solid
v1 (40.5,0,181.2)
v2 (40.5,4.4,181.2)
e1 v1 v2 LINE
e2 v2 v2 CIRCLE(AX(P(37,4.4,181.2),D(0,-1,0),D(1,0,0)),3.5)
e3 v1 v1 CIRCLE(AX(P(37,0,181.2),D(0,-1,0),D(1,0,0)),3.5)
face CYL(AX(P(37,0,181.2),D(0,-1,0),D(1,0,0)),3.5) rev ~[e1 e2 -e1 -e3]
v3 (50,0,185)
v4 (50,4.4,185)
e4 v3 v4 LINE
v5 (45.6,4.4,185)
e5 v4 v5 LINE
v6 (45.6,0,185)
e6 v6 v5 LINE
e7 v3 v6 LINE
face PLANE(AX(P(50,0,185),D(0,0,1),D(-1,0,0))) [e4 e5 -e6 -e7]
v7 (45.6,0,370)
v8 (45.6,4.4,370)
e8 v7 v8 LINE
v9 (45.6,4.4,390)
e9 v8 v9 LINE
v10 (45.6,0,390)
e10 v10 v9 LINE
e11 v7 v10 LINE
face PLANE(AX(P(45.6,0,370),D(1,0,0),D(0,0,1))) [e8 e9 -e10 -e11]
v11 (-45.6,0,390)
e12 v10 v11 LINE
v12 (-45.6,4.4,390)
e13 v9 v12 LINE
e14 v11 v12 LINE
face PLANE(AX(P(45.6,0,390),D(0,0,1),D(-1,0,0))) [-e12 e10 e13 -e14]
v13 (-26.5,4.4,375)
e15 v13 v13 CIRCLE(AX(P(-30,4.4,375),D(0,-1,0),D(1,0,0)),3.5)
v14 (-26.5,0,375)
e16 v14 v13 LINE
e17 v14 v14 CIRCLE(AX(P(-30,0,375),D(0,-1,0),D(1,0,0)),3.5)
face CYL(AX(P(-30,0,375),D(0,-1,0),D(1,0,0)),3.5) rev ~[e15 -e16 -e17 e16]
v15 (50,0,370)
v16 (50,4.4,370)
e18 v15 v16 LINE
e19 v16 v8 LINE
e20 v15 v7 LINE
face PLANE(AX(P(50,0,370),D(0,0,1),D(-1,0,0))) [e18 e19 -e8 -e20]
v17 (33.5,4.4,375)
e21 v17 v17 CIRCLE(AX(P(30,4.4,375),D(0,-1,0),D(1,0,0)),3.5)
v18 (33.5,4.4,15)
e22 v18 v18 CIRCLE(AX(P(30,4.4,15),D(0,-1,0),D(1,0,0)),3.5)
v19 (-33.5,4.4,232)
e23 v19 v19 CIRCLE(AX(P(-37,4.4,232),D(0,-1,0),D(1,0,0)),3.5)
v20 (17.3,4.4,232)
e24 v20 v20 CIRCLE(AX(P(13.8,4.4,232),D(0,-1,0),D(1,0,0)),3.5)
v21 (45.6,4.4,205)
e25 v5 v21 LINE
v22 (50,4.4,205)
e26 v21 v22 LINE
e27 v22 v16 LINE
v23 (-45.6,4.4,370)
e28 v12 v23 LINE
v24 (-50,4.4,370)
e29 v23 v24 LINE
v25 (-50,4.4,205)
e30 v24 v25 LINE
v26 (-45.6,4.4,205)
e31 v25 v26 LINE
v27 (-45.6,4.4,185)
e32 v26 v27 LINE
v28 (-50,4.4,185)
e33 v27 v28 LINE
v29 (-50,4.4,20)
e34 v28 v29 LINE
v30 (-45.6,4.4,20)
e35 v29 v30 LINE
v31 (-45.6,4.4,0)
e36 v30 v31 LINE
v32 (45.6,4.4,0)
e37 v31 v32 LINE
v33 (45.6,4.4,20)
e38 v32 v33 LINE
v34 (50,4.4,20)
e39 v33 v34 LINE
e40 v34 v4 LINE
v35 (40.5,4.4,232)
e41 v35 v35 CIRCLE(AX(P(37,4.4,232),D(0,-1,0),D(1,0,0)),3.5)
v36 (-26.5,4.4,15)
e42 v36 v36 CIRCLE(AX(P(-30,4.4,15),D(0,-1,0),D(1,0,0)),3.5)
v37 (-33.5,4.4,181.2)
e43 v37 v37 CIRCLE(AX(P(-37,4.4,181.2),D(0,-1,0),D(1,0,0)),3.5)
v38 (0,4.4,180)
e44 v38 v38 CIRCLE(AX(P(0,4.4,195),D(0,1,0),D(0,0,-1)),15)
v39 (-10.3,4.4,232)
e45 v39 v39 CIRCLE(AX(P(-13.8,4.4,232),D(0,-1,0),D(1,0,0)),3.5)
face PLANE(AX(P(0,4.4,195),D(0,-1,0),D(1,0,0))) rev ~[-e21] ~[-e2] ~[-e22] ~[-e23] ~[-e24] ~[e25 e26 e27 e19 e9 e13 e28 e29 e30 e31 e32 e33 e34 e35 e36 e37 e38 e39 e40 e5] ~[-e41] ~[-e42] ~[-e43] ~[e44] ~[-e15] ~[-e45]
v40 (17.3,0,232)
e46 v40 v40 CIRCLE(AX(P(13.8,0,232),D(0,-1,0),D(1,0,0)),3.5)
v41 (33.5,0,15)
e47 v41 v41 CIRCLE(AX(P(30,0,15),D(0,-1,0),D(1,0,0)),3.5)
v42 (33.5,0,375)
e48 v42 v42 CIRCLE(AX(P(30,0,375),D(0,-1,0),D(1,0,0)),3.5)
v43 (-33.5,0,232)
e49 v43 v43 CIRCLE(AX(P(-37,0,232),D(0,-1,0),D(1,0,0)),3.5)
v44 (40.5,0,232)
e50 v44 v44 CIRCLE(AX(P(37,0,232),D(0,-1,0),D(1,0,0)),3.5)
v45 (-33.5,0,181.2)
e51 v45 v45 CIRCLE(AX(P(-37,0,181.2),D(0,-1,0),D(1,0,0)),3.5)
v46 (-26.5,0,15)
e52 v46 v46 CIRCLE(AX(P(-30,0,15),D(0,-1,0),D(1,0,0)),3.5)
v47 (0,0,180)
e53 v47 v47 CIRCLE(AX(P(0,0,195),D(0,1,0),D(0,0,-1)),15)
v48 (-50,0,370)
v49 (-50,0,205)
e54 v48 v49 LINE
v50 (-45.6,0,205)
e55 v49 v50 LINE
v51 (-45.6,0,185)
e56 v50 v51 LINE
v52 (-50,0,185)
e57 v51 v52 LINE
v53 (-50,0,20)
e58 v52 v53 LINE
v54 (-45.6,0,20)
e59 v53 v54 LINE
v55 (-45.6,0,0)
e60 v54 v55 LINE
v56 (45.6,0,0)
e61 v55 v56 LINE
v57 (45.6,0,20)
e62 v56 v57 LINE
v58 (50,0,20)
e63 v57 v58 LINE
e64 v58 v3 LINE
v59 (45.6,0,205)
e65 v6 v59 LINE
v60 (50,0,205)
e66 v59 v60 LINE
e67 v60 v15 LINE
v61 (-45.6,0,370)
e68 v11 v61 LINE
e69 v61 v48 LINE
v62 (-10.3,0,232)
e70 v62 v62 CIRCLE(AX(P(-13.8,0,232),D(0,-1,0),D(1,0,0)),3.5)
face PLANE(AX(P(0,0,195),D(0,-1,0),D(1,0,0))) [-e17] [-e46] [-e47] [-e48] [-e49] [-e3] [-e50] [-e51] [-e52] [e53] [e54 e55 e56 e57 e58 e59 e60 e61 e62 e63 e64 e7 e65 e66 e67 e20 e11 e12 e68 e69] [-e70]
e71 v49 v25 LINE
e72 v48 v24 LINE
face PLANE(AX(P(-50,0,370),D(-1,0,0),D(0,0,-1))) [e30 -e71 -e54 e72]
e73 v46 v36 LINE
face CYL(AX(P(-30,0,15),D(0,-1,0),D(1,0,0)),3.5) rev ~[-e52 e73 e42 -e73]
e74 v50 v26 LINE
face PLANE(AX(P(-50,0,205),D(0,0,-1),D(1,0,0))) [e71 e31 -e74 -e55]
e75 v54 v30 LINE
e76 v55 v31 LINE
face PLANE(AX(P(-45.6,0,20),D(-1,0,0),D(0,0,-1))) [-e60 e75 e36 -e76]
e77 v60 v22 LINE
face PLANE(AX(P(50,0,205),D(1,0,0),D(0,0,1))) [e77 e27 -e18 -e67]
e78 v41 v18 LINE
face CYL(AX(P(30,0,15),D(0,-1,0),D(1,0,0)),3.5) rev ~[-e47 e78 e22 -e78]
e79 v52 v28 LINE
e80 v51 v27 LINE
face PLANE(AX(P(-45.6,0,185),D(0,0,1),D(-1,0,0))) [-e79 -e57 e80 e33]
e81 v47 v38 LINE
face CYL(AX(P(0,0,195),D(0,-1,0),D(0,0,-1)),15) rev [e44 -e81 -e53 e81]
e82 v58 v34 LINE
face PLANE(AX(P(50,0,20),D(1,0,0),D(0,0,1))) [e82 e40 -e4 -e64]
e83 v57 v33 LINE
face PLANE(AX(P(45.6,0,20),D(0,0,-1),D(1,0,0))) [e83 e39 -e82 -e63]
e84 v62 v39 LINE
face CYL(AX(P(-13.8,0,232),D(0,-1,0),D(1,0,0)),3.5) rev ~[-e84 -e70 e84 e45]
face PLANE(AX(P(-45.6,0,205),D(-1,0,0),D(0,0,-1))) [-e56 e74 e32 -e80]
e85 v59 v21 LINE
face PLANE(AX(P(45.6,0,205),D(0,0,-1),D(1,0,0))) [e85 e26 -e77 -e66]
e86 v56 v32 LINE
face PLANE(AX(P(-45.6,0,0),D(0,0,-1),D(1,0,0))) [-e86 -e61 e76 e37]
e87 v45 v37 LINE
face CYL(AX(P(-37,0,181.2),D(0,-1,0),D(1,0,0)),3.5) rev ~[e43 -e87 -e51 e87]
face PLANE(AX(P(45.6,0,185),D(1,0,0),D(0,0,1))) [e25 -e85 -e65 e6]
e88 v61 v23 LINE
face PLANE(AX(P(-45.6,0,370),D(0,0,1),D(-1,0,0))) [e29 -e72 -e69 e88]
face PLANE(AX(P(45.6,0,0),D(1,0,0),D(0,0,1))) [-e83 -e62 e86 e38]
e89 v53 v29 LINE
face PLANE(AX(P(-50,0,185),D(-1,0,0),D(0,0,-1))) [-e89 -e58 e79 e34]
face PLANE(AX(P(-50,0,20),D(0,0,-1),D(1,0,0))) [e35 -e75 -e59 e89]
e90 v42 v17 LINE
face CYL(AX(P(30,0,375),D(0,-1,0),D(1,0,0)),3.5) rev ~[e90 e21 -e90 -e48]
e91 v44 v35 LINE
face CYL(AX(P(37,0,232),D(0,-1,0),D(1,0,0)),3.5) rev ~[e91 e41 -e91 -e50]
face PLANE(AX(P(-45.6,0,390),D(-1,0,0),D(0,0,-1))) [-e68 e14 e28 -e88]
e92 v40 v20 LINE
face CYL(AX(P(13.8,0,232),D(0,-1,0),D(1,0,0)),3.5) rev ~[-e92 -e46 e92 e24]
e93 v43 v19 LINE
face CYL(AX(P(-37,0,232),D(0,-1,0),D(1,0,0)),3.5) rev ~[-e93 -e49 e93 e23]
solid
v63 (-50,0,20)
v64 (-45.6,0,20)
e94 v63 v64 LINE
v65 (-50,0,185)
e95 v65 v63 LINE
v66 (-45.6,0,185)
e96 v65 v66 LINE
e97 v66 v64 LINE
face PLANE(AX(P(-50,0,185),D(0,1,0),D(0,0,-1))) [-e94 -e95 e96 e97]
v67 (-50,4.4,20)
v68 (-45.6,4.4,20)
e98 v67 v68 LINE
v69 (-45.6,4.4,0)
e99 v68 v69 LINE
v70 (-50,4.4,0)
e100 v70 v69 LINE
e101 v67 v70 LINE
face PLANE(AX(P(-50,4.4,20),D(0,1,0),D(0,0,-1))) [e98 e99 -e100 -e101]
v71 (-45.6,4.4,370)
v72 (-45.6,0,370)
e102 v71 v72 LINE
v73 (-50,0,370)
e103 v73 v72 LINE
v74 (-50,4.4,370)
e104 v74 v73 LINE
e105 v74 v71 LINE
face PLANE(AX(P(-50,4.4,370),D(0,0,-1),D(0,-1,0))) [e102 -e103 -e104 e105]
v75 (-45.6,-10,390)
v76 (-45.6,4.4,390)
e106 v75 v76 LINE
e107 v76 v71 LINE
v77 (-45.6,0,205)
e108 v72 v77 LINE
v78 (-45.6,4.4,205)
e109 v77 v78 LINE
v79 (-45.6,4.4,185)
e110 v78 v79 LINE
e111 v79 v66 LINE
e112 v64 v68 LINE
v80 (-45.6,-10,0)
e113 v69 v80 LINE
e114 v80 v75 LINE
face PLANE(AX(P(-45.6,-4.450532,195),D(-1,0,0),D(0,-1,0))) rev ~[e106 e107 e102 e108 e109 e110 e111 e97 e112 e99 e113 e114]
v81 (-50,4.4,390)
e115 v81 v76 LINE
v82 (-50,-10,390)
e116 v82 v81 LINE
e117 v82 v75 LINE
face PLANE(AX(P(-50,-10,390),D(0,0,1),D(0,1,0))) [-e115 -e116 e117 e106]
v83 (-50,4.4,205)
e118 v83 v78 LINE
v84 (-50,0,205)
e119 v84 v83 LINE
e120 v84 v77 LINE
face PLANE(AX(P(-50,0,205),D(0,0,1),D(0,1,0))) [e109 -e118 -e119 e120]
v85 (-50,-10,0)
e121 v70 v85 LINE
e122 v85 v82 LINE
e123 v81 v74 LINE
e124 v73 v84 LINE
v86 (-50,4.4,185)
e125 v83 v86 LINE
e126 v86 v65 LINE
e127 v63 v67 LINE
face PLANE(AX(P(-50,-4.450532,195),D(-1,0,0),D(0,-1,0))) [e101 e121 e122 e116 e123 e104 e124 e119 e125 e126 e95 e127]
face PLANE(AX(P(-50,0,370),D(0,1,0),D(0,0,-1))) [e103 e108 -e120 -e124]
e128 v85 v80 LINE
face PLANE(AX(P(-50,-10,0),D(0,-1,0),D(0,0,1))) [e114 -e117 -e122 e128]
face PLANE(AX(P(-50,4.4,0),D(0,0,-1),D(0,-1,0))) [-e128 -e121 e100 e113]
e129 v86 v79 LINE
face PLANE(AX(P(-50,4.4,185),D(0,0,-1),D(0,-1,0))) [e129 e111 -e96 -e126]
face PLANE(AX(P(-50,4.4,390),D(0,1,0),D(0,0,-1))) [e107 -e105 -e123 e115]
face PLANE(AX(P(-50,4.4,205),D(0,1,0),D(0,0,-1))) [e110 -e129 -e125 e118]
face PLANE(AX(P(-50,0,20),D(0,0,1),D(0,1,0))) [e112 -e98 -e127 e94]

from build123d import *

# Parameters (mm, degrees)
F1_R     = 3.5
F2_DEPTH = 4.4
F4_DEPTH = 4.4


with BuildPart() as f2:
    # F1 (on Front) → F2 (new body)
    with BuildSketch(Plane.XZ):
        Polygon((-45.6, 0), (0, 0), (45.6, 0), (45.6, 20), (50, 20), (50, 185), (45.6, 185), (45.6, 205), (50, 205), (50, 370), (45.6, 370), (45.6, 390), (0, 390), (-45.6, 390), (-45.6, 370), (-50, 370), (-50, 205), (-45.6, 205), (-45.6, 185), (-50, 185), (-50, 20), (-45.6, 20), align=None)
        with Locations((-30, 15)):
            Circle(F1_R, mode=Mode.SUBTRACT)
        with Locations((-37, 181.2)):
            Circle(F1_R, mode=Mode.SUBTRACT)
        with Locations((30, 15)):
            Circle(F1_R, mode=Mode.SUBTRACT)
        with Locations((37, 181.2)):
            Circle(F1_R, mode=Mode.SUBTRACT)
        with Locations((-37, 232)):
            Circle(F1_R, mode=Mode.SUBTRACT)
        with Locations((-13.8, 232)):
            Circle(F1_R, mode=Mode.SUBTRACT)
        with Locations((-30, 375)):
            Circle(F1_R, mode=Mode.SUBTRACT)
        with BuildLine():
            ThreePointArc((15, 195), (10.6066017178, 184.3933982822), (0, 180))
            ThreePointArc((0, 180), (-10.6066017178, 205.6066017178), (15, 195))
        make_face(mode=Mode.SUBTRACT)
        with Locations((13.8, 232)):
            Circle(F1_R, mode=Mode.SUBTRACT)
        with Locations((37, 232)):
            Circle(F1_R, mode=Mode.SUBTRACT)
        with Locations((30, 375)):
            Circle(F1_R, mode=Mode.SUBTRACT)
    extrude(amount=-F2_DEPTH)


with BuildPart() as f4:
    # F3 (on face) → F4 (new body)
    with BuildSketch(Plane(origin=(-50, 0, 0), x_dir=(0, -1, 0), z_dir=(-1, 0, 0))):
        Polygon((-4.4, 390), (-4.4, 370), (0, 370), (0, 205), (-4.4, 205), (-4.4, 185), (0, 185), (0, 20), (-4.4, 20), (-4.4, 0), (0, 0), (10, 0), (10, 390), align=None)
    extrude(amount=-F4_DEPTH)


solid = Compound([f2.part, f4.part])
